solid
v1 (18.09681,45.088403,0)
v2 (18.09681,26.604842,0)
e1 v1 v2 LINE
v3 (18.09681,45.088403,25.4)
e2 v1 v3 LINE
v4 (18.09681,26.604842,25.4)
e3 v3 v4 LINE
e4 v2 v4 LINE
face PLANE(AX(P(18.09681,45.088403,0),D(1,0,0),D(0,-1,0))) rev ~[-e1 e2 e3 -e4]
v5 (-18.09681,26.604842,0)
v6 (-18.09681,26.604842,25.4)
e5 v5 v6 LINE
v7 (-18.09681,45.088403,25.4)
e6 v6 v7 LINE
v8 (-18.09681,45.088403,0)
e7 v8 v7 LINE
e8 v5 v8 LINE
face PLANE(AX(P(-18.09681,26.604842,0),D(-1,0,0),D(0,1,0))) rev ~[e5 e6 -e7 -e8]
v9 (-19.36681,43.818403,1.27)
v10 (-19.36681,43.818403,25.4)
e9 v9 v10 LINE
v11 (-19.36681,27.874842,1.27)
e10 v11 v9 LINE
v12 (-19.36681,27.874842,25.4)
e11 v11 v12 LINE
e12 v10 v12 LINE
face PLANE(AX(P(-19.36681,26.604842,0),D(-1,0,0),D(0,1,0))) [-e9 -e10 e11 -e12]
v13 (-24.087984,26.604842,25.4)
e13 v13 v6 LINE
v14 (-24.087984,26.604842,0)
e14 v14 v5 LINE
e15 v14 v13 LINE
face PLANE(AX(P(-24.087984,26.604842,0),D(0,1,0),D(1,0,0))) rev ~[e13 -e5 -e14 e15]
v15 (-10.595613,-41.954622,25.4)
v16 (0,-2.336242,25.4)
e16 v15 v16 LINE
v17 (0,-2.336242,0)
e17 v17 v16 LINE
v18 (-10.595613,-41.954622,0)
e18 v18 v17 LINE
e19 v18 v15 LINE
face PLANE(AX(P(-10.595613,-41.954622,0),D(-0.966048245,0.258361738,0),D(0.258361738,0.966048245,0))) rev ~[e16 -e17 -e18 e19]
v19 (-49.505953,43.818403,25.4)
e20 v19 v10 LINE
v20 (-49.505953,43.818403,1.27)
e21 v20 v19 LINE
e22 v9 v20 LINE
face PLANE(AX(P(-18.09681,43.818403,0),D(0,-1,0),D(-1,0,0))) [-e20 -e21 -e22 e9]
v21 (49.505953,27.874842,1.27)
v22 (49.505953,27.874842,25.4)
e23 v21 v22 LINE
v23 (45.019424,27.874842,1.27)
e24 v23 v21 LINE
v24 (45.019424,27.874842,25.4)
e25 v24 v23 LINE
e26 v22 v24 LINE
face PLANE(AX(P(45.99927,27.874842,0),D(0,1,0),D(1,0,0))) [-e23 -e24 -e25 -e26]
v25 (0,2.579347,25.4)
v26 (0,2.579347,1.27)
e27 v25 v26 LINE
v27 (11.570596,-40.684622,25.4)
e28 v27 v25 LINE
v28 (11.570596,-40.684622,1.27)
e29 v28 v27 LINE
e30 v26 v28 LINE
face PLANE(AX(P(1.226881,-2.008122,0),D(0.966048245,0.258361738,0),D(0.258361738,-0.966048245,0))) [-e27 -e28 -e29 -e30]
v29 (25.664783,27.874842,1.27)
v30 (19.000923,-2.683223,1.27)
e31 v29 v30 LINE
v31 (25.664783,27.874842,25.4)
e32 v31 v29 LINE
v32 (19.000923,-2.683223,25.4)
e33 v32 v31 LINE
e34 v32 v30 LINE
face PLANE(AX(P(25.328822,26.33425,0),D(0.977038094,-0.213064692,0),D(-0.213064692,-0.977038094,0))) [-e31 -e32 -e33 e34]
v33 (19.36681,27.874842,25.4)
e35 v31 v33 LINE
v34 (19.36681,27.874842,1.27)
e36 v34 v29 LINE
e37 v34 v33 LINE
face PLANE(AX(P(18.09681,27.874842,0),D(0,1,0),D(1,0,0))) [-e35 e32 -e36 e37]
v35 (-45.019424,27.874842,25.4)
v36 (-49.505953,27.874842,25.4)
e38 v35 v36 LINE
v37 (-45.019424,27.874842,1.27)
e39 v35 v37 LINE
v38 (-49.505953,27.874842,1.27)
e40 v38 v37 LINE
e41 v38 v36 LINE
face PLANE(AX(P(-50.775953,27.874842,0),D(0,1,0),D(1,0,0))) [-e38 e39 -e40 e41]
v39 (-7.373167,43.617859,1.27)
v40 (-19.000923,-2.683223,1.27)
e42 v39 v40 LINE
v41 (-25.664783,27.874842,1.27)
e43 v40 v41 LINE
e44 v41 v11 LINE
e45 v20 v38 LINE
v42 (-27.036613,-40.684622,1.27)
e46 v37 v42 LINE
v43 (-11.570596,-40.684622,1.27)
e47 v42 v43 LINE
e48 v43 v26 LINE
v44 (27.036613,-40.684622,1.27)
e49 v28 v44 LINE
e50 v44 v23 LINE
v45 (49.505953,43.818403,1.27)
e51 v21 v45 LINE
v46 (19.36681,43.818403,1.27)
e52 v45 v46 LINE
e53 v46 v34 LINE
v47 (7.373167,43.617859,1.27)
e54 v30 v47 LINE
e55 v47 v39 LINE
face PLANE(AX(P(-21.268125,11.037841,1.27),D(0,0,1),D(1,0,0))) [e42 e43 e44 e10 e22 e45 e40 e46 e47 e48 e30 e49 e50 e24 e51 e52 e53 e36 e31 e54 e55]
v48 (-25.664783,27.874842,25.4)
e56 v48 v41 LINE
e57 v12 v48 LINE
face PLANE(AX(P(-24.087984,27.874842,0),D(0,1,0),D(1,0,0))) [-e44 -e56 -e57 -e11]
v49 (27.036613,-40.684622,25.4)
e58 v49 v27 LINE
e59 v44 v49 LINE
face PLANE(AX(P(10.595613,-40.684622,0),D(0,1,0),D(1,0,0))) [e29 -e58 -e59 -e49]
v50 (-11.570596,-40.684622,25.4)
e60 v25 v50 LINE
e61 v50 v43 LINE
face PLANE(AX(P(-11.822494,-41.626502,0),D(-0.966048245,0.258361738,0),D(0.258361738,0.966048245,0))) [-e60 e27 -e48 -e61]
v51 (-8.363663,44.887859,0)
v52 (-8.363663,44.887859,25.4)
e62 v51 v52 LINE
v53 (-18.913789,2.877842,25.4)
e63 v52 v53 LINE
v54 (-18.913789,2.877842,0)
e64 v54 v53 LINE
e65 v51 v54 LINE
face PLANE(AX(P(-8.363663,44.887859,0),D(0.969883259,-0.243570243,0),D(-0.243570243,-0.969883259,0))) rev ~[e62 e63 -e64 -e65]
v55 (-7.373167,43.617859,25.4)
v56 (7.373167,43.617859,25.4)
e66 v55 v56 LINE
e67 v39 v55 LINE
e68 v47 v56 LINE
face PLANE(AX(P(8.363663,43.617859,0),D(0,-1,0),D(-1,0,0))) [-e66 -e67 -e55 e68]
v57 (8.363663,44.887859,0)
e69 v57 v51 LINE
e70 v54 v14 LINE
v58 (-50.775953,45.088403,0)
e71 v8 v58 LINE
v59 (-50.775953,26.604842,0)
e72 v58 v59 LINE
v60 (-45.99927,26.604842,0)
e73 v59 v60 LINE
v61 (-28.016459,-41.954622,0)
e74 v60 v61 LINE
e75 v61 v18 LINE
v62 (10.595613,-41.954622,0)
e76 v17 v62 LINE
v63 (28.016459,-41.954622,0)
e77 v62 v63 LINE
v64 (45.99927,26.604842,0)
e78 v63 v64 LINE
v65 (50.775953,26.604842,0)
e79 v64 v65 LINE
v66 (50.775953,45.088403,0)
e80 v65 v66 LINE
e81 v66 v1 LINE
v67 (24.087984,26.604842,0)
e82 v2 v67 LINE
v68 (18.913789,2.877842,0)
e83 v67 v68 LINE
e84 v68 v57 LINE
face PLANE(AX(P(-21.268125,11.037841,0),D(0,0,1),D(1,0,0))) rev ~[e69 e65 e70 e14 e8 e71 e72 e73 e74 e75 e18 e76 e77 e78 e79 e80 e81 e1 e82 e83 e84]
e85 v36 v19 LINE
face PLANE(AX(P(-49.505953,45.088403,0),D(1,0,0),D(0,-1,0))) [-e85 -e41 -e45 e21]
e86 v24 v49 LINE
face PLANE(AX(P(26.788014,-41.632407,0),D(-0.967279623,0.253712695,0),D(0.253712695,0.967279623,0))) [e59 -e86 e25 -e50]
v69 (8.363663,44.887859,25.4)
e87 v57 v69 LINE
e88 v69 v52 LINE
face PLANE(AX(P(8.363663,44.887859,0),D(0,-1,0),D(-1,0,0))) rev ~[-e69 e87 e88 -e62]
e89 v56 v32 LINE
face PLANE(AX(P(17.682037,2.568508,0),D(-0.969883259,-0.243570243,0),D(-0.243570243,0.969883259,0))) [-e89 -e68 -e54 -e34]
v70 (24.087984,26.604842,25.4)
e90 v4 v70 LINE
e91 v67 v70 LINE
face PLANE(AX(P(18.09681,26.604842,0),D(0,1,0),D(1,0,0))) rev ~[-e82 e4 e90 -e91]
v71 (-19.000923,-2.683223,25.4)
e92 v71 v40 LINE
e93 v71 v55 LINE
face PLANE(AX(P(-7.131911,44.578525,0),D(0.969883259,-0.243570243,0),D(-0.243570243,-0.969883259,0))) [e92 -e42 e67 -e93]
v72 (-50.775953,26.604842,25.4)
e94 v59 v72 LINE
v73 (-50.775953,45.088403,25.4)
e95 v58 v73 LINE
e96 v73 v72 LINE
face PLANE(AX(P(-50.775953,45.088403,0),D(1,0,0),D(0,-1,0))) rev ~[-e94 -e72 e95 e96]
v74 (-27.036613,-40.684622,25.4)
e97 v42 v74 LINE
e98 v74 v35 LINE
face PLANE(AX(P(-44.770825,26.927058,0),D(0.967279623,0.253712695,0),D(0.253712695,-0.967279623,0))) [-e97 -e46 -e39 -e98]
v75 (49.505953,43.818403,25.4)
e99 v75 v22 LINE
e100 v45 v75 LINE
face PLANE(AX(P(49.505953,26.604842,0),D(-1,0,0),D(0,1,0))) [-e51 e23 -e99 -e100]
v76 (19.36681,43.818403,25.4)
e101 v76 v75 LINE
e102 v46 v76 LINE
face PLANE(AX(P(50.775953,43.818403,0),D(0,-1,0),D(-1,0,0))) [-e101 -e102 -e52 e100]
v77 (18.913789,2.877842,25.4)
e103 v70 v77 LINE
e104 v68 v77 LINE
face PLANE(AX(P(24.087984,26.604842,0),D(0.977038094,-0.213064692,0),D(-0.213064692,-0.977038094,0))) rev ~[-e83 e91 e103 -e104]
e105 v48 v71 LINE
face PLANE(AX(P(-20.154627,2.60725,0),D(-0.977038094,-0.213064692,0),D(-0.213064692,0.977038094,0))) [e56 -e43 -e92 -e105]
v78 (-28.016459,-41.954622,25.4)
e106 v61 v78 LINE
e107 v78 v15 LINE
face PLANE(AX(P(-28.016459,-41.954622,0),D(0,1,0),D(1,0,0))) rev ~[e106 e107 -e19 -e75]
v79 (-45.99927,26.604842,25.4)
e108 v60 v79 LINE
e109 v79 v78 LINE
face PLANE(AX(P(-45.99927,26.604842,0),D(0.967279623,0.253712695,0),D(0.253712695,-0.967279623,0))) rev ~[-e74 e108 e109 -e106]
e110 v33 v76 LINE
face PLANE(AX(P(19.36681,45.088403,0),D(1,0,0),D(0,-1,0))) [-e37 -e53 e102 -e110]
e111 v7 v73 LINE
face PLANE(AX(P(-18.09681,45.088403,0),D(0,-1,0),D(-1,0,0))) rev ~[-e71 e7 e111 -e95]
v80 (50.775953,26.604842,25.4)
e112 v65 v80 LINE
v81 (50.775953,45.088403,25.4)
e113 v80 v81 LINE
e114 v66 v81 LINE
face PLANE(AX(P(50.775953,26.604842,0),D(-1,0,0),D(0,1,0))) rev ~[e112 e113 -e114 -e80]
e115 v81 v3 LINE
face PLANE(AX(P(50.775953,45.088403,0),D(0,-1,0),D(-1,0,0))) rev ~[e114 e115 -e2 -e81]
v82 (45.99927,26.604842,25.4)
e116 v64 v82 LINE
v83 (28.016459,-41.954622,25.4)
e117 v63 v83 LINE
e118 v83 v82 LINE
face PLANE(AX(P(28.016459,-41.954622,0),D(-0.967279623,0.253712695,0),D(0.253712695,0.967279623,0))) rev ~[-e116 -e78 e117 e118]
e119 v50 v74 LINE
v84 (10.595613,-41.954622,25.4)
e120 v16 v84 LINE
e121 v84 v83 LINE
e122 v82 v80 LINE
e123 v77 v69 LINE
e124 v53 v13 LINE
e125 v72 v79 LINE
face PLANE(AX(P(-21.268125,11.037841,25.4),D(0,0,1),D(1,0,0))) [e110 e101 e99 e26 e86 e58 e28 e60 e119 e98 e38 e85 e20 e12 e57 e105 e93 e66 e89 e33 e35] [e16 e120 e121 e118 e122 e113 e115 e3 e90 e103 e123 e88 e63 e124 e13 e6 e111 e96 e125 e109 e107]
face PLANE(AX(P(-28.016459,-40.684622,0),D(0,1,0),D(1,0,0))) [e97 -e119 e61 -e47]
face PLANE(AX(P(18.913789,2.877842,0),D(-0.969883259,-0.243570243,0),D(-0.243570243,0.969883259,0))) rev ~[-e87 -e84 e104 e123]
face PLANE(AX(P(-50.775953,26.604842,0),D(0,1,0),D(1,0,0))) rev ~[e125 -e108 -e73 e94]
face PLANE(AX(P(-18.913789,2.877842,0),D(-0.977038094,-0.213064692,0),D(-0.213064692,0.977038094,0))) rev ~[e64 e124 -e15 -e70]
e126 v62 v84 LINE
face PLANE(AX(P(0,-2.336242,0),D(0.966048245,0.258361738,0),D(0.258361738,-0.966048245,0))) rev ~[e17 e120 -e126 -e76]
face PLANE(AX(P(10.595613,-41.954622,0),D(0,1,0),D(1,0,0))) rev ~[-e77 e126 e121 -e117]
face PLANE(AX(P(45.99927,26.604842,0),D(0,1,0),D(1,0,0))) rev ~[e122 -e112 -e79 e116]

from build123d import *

# Parameters (mm, degrees)
F1_DEPTH = 25.4
F2_T     = -1.27


with BuildPart() as f1:
    # F0 (on Top) → F1 (new body)
    with BuildSketch(Plane.XY):
        Polygon((-10.5956131592, -41.9546216726), (0, -2.3362417705), (0, 44.8878593743), (-3.7480175961, 44.8878593743), (-8.3636632189, 44.8878593743), (-18.913788721, 2.8778421693), (-24.0879841149, 26.6048423946), (-18.0968102068, 26.6048423946), (-18.0968102068, 45.0884029269), (-50.7759526372, 45.0884029269), (-50.7759526372, 26.6048423946), (-45.9992699325, 26.6048423946), (-28.0164591968, -41.9546216726), align=None)
        Polygon((0, 44.8878593743), (0, -2.3362417705), (10.5956131592, -41.9546216726), (28.0164591968, -41.9546216726), (45.9992699325, 26.6048423946), (50.7759526372, 26.6048423946), (50.7759526372, 45.0884029269), (18.0968102068, 45.0884029269), (18.0968102068, 26.6048423946), (24.0879841149, 26.6048423946), (18.913788721, 2.8778421693), (8.3636632189, 44.8878593743), (3.7480175961, 44.8878593743), align=None)
    extrude(amount=F1_DEPTH)

    # F2
    f2_openings = [f1.faces().sort_by_distance(p)[0] for p in [
        (0, 6.554873, 25.4),
    ]]
    offset(amount=F2_T, openings=f2_openings, kind=Kind.INTERSECTION)


solid = f1.part
